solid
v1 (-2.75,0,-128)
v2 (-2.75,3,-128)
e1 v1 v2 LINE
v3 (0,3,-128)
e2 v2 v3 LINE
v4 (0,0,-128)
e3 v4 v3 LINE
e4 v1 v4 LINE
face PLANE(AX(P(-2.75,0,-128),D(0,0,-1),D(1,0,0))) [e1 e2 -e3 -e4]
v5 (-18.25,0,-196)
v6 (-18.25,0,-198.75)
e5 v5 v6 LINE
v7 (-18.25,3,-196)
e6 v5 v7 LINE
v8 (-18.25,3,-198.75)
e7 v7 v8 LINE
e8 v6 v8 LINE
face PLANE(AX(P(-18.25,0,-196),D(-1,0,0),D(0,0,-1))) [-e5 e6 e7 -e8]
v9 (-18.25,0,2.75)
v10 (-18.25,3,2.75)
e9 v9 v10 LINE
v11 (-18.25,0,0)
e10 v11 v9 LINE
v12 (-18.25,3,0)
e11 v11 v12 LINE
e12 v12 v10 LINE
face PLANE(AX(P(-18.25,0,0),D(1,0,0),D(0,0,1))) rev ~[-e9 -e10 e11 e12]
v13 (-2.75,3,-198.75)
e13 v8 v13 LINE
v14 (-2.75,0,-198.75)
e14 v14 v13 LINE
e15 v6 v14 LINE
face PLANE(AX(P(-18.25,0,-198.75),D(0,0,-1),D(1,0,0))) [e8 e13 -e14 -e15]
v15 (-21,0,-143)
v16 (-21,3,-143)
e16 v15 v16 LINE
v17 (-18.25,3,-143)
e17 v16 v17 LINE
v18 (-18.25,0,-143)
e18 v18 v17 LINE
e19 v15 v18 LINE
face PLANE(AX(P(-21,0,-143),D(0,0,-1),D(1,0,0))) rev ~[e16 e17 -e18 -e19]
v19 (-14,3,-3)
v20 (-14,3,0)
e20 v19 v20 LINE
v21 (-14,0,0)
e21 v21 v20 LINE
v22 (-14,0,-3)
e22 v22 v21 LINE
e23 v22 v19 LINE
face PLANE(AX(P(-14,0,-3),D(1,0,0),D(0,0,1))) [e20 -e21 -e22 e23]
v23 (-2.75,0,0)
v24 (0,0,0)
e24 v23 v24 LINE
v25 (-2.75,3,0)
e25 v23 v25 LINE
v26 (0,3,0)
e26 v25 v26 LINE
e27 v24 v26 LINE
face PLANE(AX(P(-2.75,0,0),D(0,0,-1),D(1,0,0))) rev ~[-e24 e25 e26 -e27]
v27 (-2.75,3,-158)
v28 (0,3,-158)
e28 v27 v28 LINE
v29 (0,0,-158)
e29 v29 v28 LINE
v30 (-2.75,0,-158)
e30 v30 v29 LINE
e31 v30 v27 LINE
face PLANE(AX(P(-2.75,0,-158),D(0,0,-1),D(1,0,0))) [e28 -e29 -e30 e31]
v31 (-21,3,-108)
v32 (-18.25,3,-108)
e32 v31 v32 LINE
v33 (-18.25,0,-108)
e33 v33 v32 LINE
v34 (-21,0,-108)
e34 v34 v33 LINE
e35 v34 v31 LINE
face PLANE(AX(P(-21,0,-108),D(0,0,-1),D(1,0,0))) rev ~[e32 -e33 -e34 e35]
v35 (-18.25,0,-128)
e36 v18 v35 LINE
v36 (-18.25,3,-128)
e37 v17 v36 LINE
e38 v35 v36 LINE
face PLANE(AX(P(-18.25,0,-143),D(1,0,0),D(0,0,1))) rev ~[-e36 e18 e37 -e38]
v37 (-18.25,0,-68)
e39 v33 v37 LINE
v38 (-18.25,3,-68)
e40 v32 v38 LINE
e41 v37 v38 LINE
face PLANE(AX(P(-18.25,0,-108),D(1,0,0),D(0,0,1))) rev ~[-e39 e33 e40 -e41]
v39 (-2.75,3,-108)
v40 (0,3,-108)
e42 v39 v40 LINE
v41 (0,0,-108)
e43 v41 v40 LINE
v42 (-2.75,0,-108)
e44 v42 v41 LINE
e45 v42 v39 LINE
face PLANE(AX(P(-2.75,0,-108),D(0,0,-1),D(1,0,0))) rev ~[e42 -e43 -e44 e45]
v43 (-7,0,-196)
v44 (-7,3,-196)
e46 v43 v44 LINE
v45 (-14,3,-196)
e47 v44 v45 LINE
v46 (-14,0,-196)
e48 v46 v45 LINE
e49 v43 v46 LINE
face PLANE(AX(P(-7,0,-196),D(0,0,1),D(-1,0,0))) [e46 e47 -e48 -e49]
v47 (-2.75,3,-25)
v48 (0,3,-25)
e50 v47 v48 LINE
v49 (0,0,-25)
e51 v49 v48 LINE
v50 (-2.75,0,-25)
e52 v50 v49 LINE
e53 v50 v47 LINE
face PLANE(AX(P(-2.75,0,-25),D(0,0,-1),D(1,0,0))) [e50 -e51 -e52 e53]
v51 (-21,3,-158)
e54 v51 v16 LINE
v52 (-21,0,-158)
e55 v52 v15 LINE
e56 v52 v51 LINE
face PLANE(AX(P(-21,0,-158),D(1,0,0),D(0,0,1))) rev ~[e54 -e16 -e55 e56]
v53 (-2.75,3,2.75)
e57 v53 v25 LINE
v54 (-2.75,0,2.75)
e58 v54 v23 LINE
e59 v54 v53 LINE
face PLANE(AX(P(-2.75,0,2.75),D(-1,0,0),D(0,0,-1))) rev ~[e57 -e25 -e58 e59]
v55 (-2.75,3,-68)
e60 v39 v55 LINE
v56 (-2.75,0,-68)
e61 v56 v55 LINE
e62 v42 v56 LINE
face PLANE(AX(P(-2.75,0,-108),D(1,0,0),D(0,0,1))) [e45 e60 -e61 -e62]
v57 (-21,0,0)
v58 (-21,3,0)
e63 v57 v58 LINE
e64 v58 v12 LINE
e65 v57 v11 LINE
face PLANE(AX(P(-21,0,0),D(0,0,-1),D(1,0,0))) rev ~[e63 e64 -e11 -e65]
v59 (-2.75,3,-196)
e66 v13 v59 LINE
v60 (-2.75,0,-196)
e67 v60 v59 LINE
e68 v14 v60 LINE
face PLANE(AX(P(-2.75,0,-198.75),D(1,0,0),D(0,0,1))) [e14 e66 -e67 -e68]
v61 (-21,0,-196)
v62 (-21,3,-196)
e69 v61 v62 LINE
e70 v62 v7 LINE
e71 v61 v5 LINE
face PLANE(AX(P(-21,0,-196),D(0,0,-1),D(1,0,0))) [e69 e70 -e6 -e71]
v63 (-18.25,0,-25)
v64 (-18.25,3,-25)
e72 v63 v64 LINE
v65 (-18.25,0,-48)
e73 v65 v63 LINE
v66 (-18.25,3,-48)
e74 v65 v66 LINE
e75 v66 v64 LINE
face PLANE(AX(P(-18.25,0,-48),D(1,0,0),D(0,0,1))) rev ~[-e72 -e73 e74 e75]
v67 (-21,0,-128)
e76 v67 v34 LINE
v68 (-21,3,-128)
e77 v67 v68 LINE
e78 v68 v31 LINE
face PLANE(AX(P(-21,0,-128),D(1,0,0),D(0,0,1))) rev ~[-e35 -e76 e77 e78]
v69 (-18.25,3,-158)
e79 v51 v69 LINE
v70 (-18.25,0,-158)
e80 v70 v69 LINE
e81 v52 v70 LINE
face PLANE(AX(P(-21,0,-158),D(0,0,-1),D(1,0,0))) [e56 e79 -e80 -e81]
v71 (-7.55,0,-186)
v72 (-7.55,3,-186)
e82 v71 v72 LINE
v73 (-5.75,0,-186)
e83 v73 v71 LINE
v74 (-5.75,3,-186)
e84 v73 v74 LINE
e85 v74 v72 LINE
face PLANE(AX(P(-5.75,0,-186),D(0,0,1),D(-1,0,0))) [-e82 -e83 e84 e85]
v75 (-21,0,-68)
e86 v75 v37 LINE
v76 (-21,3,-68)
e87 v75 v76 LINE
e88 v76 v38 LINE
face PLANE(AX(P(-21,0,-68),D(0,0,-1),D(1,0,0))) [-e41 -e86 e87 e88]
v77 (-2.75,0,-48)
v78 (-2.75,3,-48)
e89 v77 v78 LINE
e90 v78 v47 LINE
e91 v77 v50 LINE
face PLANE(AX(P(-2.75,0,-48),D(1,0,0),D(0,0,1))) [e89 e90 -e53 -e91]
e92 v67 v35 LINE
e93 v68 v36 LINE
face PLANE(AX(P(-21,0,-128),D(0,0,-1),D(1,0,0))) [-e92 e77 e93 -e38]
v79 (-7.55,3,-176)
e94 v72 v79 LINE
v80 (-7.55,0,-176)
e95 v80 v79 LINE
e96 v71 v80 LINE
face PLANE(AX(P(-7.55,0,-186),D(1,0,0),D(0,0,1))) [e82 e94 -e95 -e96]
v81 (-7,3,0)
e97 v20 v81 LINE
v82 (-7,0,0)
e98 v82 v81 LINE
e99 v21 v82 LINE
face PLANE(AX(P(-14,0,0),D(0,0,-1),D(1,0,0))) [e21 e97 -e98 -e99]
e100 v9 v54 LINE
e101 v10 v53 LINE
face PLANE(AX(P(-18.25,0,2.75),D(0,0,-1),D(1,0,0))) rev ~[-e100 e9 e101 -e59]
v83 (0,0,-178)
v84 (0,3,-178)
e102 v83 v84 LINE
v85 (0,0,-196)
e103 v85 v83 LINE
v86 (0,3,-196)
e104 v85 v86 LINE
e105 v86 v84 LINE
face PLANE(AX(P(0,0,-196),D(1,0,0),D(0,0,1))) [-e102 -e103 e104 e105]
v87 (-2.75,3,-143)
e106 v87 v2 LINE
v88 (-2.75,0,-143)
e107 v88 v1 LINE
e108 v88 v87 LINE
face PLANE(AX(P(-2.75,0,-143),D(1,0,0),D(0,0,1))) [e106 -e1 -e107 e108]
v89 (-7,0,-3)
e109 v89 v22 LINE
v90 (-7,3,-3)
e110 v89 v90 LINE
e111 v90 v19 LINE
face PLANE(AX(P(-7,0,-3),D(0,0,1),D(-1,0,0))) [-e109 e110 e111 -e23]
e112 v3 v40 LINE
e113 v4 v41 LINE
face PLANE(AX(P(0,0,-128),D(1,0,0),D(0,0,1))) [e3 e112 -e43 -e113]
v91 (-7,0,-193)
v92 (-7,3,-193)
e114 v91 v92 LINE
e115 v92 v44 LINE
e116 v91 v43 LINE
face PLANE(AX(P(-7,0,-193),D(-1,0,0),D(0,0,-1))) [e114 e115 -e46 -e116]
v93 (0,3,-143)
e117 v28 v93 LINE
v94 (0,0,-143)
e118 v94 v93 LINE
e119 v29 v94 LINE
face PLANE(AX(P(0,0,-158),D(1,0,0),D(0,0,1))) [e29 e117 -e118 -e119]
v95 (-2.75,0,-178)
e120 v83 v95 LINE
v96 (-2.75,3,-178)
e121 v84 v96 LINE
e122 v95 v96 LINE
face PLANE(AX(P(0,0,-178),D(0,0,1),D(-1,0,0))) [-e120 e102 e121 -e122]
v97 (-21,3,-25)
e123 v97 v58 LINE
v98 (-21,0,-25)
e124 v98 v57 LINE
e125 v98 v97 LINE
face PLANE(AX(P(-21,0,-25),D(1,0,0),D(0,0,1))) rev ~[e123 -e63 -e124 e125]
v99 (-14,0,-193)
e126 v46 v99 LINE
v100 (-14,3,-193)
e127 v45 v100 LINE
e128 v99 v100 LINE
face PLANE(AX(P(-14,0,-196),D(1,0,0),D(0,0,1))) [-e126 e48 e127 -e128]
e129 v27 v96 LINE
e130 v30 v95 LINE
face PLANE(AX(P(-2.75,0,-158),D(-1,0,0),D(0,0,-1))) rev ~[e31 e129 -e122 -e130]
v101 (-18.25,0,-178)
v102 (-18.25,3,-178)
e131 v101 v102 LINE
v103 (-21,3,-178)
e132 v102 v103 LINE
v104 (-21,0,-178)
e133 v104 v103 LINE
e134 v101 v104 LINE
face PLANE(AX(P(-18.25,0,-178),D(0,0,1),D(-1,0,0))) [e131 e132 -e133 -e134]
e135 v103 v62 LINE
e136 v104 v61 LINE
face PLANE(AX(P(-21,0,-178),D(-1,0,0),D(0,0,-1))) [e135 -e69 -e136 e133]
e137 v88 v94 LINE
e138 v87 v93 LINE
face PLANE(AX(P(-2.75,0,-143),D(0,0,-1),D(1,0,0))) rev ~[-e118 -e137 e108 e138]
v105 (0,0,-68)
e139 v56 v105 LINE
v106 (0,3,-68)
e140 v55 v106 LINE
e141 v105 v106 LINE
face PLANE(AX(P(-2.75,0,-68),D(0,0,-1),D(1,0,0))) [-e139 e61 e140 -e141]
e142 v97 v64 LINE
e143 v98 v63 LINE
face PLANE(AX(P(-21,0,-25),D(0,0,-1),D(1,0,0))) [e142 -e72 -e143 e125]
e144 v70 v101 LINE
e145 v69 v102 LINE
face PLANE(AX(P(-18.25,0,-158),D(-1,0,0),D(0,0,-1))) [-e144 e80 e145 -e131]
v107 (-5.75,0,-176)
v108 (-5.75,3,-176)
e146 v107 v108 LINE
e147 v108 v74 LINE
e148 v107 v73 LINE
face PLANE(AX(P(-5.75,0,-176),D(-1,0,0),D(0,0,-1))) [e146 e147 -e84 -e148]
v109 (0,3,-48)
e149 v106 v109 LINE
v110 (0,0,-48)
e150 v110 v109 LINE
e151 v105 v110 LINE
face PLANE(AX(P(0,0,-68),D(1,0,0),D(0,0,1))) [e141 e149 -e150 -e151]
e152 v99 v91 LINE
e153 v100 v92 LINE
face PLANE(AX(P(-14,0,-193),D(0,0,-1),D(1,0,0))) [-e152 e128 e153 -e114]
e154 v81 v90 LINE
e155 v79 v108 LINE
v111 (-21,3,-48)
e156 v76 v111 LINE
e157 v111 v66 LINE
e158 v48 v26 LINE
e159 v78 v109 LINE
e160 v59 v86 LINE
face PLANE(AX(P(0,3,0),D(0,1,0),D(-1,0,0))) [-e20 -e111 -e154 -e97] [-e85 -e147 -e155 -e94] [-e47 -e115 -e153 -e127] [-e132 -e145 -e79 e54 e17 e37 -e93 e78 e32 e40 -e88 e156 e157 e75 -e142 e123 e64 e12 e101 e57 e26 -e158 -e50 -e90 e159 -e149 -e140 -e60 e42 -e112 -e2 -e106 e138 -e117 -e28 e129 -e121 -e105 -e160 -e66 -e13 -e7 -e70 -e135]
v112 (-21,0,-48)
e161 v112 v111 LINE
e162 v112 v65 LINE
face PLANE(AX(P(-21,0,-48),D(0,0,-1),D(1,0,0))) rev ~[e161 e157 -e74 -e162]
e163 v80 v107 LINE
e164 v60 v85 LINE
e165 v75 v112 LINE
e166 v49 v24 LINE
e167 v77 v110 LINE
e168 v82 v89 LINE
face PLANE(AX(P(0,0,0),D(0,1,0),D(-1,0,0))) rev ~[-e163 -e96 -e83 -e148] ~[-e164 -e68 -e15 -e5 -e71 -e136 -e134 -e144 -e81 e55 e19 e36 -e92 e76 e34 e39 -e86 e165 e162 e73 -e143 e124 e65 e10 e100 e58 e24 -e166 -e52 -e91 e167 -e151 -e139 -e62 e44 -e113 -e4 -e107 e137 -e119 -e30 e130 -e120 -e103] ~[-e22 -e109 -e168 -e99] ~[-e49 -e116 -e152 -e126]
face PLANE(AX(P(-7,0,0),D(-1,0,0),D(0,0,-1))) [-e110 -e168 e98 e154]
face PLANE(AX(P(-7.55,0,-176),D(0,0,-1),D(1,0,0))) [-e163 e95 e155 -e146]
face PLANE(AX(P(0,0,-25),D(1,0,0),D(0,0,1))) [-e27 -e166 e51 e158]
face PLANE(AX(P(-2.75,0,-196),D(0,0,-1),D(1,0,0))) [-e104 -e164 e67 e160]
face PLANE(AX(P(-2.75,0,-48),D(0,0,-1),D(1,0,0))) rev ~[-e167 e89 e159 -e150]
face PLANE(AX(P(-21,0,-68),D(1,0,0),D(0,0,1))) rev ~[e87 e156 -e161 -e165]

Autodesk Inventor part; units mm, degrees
ref_plane "YZ Plane" through (0, 0, 0) normal (1, 0, 0) x (0, 1, 0)
ref_plane "XZ Plane" through (0, 0, 0) normal (0, 1, 0) x (-1, 0, 0)
ref_plane "XY Plane" through (0, 0, 0) normal (0, 0, 1) x (1, 0, 0)
sketch "Sketch1" plane through (0, 0, 0) normal (0, 1, 0) x (-1, 0, 0)
  line L0 (21, -25) -> (18.25, -25)
  line L1 (21, -48) -> (18.25, -48)
  line L2 (21, -143) -> (18.25, -143)
  line L3 (21, -68) -> (18.25, -68)
  line L4 (21, -128) -> (18.25, -128)
  line L5 (21, -108) -> (18.25, -108)
  line L6 (2.75, -68) -> (0, -68)
  line L7 (2.75, -108) -> (0, -108)
  line L8 (2.75, -128) -> (0, -128)
  line L9 (2.75, -143) -> (0, -143)
  line L10 (2.75, -48) -> (0, -48)
  line L11 (2.75, -25) -> (0, -25)
  line L12 (21, -158) -> (21, -143)
  line L13 (21, -128) -> (21, -108)
  line L14 (21, -68) -> (21, -48)
  line L15 (21, -25) -> (21, 0)
  line L16 (0, -158) -> (0, -143)
  line L17 (0, -128) -> (0, -108)
  line L18 (0, -68) -> (0, -48)
  line L19 (0, -25) -> (0, 0)
  line L20 (18.25, -143) -> (18.25, -128)
  line L21 (18.25, -108) -> (18.25, -68)
  line L22 (18.25, -48) -> (18.25, -25)
  line L23 (2.75, -143) -> (2.75, -128)
  line L24 (2.75, -108) -> (2.75, -68)
  line L25 (2.75, -48) -> (2.75, -25)
  line L26 (21, -68) -> (21, -48) construction
  line L27 (10.5, -68) -> (10.5, -97) construction
  line L28 (18.25, -158) -> (18.25, -178)
  line L29 (18.25, -178) -> (21, -178)
  line L30 (21, -178) -> (21, -196)
  line L31 (0, -196) -> (0, -178)
  line L32 (0, -178) -> (2.75, -178)
  line L33 (2.75, -158) -> (2.75, -178)
  line L34 (21, -158) -> (18.25, -158)
  line L35 (2.75, -158) -> (0, -158)
  line L36 (7.55, -176) -> (5.75, -176)
  line L37 (5.75, -176) -> (5.75, -186)
  line L38 (5.75, -186) -> (7.55, -186)
  line L39 (7.55, -186) -> (7.55, -176)
  line L40 (18.25, 0) -> (18.25, 2.75)
  line L41 (18.25, 2.75) -> (2.75, 2.75)
  line L42 (2.75, 2.75) -> (2.75, 0)
  line L43 (21, 0) -> (18.25, 0)
  line L44 (2.75, 0) -> (0, 0)
  line L45 (18.25, -196) -> (18.25, -198.75)
  line L46 (18.25, -198.75) -> (2.75, -198.75)
  line L47 (2.75, -198.75) -> (2.75, -196)
  line L48 (21, -196) -> (18.25, -196)
  line L49 (2.75, -196) -> (0, -196)
  line L50 (14, 0) -> (7, 0)
  line L51 (7, 0) -> (7, -3)
  line L52 (7, -3) -> (14, -3)
  line L53 (14, -3) -> (14, 0)
  line L54 (14, -193) -> (7, -193)
  line L55 (7, -193) -> (7, -196)
  line L56 (7, -196) -> (14, -196)
  line L57 (14, -196) -> (14, -193)
  dimension "d7" = 23
  dimension "d8" = 20
  dimension "d9" = 40
  dimension "d10" = 20
  dimension "d11" = 15
  dimension "d28" = 15.5
  dimension "d31" = 2.75
  dimension "d44" = 18
  dimension "d45" = 20
  dimension "d47" = 15
  dimension "d49" = 1.8
  dimension "d51" = 10
  dimension "d53" = 3
  dimension "d55" = 25
  dimension "d56" = 10
  dimension "d57" = 7
  dimension "d58" = 3
extrude "Extrusion3" add sketch "Sketch1" along normal blind 3
properties part number "Right_wall"
